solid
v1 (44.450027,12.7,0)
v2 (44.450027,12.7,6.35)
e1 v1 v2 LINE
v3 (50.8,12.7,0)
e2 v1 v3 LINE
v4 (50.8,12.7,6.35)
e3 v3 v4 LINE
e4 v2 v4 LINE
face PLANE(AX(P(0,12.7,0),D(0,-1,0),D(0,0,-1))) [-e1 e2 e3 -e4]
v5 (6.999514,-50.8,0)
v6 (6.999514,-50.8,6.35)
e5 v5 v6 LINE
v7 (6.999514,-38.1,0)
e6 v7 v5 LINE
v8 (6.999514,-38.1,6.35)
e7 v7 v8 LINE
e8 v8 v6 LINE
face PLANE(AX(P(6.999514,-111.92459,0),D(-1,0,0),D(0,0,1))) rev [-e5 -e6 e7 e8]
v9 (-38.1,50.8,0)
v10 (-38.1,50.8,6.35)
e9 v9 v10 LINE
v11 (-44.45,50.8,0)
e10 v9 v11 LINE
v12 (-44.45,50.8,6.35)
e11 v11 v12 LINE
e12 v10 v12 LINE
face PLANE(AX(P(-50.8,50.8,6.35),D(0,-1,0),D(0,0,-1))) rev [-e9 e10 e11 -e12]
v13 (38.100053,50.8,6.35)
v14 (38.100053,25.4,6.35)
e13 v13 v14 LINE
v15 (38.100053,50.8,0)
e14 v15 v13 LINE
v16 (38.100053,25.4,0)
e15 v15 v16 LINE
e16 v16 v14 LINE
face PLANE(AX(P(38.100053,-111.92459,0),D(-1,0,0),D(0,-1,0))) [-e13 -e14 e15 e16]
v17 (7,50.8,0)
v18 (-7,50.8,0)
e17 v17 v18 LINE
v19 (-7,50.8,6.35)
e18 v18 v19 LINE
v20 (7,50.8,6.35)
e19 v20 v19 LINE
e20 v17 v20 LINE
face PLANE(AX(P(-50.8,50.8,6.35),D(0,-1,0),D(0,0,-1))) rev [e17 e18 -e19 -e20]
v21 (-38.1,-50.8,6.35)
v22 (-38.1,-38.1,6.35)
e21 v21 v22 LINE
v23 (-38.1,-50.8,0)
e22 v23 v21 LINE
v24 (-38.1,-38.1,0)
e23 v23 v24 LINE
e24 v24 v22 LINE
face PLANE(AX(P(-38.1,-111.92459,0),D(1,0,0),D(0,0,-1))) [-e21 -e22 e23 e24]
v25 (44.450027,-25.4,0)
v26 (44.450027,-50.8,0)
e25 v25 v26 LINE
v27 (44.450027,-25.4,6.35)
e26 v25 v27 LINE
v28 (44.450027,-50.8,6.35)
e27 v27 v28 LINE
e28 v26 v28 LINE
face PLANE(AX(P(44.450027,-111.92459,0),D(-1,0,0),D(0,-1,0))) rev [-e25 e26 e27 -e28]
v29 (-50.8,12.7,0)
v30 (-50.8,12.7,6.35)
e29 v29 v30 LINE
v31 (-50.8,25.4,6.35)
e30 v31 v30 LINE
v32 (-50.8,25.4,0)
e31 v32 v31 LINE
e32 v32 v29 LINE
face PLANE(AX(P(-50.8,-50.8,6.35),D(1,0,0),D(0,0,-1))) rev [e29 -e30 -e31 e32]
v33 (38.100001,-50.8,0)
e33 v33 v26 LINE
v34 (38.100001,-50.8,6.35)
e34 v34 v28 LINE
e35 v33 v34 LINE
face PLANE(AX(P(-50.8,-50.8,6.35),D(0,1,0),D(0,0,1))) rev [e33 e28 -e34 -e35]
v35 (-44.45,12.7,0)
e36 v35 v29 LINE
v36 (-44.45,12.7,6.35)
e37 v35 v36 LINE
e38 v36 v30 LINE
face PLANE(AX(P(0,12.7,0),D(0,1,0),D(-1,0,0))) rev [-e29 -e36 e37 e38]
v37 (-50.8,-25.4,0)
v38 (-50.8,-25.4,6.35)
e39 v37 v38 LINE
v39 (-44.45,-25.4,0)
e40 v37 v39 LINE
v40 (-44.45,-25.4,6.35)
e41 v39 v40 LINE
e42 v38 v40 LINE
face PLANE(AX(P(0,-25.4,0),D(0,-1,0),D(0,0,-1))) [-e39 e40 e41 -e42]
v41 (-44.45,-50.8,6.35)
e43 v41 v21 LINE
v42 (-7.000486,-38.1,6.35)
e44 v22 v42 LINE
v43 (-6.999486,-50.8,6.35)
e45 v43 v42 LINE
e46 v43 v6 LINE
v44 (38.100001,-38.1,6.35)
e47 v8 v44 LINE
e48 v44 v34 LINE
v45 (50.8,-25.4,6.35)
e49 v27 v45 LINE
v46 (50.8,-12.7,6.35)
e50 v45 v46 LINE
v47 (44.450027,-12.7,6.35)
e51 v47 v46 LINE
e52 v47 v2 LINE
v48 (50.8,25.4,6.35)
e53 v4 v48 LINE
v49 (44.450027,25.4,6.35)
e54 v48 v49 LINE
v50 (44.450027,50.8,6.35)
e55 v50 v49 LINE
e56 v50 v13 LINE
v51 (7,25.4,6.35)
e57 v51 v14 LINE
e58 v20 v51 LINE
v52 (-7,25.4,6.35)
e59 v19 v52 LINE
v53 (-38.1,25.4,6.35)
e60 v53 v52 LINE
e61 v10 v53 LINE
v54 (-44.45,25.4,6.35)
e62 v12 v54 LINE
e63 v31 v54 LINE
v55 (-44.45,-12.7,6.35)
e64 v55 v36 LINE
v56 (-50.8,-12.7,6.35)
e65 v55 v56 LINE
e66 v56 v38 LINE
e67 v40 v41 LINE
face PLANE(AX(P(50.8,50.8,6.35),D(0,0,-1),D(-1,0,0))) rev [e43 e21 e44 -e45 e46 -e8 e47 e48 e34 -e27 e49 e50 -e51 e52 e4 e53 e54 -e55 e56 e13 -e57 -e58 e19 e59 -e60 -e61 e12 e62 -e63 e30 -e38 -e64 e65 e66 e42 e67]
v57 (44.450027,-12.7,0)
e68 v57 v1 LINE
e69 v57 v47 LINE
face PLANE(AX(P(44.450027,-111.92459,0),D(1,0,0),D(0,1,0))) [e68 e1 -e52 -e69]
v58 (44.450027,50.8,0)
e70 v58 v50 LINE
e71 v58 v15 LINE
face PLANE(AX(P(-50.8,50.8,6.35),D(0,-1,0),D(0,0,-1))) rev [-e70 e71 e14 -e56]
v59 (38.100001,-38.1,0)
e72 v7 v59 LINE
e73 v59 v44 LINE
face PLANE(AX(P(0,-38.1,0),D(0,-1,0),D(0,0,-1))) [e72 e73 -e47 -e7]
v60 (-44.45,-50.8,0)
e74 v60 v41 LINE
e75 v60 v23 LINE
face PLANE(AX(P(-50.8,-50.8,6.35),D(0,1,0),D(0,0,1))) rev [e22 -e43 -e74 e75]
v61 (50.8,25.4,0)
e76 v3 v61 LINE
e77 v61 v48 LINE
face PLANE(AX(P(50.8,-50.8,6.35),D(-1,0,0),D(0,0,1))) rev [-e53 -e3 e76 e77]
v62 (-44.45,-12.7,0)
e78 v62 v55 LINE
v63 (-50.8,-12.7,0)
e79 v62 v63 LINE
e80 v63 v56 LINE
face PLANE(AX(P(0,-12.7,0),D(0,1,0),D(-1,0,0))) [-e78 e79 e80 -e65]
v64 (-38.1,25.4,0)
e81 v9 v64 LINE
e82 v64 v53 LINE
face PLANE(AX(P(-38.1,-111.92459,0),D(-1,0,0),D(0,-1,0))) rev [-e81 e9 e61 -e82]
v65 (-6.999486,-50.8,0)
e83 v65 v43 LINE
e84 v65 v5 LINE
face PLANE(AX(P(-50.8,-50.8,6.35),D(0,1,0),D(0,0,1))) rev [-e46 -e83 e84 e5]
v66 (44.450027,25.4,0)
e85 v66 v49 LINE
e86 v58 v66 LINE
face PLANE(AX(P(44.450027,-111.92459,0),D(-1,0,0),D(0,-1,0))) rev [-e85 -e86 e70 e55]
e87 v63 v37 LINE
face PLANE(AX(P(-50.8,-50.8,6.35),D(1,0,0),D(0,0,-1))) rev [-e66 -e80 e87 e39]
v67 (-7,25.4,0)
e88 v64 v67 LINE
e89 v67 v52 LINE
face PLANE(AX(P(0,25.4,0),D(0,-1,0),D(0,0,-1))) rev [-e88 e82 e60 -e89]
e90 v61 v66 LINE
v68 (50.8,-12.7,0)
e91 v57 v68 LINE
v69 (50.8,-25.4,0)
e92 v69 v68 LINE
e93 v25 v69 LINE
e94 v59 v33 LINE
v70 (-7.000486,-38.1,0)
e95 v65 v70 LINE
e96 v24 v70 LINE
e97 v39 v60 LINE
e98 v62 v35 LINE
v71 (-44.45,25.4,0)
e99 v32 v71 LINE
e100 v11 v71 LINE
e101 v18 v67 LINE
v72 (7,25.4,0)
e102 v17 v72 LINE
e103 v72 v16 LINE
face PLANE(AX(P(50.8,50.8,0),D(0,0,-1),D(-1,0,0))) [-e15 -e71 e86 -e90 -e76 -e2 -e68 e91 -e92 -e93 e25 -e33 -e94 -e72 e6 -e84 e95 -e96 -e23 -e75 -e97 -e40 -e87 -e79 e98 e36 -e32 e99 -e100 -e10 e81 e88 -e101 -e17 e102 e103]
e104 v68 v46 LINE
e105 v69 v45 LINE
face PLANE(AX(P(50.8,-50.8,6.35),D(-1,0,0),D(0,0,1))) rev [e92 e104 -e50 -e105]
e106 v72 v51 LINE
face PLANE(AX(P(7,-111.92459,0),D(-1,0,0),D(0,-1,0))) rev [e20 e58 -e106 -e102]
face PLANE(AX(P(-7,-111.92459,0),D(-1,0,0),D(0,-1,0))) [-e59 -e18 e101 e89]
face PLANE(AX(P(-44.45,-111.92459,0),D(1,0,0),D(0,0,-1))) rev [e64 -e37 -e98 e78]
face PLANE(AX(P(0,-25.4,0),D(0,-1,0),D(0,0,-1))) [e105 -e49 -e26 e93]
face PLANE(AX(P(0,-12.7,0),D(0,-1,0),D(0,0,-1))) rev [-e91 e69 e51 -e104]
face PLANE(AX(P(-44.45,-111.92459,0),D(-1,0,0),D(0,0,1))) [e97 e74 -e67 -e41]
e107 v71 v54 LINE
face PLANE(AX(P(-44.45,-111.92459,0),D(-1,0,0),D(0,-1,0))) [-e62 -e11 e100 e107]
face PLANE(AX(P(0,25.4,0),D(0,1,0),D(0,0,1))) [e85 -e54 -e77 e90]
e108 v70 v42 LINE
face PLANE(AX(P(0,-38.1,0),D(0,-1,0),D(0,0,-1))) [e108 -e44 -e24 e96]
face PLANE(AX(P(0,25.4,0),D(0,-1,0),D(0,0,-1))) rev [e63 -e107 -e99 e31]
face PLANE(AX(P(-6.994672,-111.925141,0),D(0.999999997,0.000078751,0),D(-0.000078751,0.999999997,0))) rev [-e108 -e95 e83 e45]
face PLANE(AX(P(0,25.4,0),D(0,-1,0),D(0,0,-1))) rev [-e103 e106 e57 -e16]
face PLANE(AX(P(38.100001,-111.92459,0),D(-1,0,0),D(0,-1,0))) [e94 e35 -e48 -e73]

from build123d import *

# Parameters (mm, degrees)
SKETCH2_W           = 101.6
SKETCH2_H           = 101.6
BOSS_EXTRUDE3_DEPTH = 6.35
SKETCH3_W           = 6.35
SKETCH3_H           = 25.4
SKETCH3_W_2         = 31.1
SKETCH3_W_3         = 31.100053481
SKETCH3_W_4         = 6.34997326
SKETCH3_H_2         = 25.400000079
SKETCH3_H_3         = 25.399999921
SKETCH3_W_5         = 31.100486926
SKETCH3_H_4         = 12.7
CUT_EXTRUDE1_DEPTH  = 73.122135992


with BuildPart() as part:
    # Sketch2 → Boss-Extrude3 (new body)
    with BuildSketch(Plane.XY):
        Rectangle(SKETCH2_W, SKETCH2_H)
    extrude(amount=BOSS_EXTRUDE3_DEPTH)

    # Sketch3 → Cut-Extrude1 (cut, through all)
    with BuildSketch(Plane.XY.offset(6.35)):
        with Locations((-47.625, 38.1)):
            Rectangle(SKETCH3_W, SKETCH3_H)
        with Locations((-22.55, 38.1)):
            Rectangle(SKETCH3_W_2, SKETCH3_H)
        with Locations((-47.625, 0)):
            Rectangle(SKETCH3_W, SKETCH3_H)
        with Locations((22.550026741, 38.1)):
            Rectangle(SKETCH3_W_3, SKETCH3_H)
        with Locations((-47.625, -38.1)):
            Rectangle(SKETCH3_W, SKETCH3_H)
        with Locations((47.62501337, 38.1)):
            Rectangle(SKETCH3_W_4, SKETCH3_H)
        with Locations((47.62501337, -3.9e-08)):
            Rectangle(SKETCH3_W_4, SKETCH3_H_2)
        Polygon((-7.000486295, -38.1), (-38.1, -38.1), (-38.1, -50.8), (-6.999486151, -50.8), align=None)
        with Locations((47.62501337, -38.10000004)):
            Rectangle(SKETCH3_W_4, SKETCH3_H_3)
        with Locations((22.549757168, -44.45)):
            Rectangle(SKETCH3_W_5, SKETCH3_H_4)
    extrude(amount=-CUT_EXTRUDE1_DEPTH, mode=Mode.SUBTRACT)


solid = part.part
